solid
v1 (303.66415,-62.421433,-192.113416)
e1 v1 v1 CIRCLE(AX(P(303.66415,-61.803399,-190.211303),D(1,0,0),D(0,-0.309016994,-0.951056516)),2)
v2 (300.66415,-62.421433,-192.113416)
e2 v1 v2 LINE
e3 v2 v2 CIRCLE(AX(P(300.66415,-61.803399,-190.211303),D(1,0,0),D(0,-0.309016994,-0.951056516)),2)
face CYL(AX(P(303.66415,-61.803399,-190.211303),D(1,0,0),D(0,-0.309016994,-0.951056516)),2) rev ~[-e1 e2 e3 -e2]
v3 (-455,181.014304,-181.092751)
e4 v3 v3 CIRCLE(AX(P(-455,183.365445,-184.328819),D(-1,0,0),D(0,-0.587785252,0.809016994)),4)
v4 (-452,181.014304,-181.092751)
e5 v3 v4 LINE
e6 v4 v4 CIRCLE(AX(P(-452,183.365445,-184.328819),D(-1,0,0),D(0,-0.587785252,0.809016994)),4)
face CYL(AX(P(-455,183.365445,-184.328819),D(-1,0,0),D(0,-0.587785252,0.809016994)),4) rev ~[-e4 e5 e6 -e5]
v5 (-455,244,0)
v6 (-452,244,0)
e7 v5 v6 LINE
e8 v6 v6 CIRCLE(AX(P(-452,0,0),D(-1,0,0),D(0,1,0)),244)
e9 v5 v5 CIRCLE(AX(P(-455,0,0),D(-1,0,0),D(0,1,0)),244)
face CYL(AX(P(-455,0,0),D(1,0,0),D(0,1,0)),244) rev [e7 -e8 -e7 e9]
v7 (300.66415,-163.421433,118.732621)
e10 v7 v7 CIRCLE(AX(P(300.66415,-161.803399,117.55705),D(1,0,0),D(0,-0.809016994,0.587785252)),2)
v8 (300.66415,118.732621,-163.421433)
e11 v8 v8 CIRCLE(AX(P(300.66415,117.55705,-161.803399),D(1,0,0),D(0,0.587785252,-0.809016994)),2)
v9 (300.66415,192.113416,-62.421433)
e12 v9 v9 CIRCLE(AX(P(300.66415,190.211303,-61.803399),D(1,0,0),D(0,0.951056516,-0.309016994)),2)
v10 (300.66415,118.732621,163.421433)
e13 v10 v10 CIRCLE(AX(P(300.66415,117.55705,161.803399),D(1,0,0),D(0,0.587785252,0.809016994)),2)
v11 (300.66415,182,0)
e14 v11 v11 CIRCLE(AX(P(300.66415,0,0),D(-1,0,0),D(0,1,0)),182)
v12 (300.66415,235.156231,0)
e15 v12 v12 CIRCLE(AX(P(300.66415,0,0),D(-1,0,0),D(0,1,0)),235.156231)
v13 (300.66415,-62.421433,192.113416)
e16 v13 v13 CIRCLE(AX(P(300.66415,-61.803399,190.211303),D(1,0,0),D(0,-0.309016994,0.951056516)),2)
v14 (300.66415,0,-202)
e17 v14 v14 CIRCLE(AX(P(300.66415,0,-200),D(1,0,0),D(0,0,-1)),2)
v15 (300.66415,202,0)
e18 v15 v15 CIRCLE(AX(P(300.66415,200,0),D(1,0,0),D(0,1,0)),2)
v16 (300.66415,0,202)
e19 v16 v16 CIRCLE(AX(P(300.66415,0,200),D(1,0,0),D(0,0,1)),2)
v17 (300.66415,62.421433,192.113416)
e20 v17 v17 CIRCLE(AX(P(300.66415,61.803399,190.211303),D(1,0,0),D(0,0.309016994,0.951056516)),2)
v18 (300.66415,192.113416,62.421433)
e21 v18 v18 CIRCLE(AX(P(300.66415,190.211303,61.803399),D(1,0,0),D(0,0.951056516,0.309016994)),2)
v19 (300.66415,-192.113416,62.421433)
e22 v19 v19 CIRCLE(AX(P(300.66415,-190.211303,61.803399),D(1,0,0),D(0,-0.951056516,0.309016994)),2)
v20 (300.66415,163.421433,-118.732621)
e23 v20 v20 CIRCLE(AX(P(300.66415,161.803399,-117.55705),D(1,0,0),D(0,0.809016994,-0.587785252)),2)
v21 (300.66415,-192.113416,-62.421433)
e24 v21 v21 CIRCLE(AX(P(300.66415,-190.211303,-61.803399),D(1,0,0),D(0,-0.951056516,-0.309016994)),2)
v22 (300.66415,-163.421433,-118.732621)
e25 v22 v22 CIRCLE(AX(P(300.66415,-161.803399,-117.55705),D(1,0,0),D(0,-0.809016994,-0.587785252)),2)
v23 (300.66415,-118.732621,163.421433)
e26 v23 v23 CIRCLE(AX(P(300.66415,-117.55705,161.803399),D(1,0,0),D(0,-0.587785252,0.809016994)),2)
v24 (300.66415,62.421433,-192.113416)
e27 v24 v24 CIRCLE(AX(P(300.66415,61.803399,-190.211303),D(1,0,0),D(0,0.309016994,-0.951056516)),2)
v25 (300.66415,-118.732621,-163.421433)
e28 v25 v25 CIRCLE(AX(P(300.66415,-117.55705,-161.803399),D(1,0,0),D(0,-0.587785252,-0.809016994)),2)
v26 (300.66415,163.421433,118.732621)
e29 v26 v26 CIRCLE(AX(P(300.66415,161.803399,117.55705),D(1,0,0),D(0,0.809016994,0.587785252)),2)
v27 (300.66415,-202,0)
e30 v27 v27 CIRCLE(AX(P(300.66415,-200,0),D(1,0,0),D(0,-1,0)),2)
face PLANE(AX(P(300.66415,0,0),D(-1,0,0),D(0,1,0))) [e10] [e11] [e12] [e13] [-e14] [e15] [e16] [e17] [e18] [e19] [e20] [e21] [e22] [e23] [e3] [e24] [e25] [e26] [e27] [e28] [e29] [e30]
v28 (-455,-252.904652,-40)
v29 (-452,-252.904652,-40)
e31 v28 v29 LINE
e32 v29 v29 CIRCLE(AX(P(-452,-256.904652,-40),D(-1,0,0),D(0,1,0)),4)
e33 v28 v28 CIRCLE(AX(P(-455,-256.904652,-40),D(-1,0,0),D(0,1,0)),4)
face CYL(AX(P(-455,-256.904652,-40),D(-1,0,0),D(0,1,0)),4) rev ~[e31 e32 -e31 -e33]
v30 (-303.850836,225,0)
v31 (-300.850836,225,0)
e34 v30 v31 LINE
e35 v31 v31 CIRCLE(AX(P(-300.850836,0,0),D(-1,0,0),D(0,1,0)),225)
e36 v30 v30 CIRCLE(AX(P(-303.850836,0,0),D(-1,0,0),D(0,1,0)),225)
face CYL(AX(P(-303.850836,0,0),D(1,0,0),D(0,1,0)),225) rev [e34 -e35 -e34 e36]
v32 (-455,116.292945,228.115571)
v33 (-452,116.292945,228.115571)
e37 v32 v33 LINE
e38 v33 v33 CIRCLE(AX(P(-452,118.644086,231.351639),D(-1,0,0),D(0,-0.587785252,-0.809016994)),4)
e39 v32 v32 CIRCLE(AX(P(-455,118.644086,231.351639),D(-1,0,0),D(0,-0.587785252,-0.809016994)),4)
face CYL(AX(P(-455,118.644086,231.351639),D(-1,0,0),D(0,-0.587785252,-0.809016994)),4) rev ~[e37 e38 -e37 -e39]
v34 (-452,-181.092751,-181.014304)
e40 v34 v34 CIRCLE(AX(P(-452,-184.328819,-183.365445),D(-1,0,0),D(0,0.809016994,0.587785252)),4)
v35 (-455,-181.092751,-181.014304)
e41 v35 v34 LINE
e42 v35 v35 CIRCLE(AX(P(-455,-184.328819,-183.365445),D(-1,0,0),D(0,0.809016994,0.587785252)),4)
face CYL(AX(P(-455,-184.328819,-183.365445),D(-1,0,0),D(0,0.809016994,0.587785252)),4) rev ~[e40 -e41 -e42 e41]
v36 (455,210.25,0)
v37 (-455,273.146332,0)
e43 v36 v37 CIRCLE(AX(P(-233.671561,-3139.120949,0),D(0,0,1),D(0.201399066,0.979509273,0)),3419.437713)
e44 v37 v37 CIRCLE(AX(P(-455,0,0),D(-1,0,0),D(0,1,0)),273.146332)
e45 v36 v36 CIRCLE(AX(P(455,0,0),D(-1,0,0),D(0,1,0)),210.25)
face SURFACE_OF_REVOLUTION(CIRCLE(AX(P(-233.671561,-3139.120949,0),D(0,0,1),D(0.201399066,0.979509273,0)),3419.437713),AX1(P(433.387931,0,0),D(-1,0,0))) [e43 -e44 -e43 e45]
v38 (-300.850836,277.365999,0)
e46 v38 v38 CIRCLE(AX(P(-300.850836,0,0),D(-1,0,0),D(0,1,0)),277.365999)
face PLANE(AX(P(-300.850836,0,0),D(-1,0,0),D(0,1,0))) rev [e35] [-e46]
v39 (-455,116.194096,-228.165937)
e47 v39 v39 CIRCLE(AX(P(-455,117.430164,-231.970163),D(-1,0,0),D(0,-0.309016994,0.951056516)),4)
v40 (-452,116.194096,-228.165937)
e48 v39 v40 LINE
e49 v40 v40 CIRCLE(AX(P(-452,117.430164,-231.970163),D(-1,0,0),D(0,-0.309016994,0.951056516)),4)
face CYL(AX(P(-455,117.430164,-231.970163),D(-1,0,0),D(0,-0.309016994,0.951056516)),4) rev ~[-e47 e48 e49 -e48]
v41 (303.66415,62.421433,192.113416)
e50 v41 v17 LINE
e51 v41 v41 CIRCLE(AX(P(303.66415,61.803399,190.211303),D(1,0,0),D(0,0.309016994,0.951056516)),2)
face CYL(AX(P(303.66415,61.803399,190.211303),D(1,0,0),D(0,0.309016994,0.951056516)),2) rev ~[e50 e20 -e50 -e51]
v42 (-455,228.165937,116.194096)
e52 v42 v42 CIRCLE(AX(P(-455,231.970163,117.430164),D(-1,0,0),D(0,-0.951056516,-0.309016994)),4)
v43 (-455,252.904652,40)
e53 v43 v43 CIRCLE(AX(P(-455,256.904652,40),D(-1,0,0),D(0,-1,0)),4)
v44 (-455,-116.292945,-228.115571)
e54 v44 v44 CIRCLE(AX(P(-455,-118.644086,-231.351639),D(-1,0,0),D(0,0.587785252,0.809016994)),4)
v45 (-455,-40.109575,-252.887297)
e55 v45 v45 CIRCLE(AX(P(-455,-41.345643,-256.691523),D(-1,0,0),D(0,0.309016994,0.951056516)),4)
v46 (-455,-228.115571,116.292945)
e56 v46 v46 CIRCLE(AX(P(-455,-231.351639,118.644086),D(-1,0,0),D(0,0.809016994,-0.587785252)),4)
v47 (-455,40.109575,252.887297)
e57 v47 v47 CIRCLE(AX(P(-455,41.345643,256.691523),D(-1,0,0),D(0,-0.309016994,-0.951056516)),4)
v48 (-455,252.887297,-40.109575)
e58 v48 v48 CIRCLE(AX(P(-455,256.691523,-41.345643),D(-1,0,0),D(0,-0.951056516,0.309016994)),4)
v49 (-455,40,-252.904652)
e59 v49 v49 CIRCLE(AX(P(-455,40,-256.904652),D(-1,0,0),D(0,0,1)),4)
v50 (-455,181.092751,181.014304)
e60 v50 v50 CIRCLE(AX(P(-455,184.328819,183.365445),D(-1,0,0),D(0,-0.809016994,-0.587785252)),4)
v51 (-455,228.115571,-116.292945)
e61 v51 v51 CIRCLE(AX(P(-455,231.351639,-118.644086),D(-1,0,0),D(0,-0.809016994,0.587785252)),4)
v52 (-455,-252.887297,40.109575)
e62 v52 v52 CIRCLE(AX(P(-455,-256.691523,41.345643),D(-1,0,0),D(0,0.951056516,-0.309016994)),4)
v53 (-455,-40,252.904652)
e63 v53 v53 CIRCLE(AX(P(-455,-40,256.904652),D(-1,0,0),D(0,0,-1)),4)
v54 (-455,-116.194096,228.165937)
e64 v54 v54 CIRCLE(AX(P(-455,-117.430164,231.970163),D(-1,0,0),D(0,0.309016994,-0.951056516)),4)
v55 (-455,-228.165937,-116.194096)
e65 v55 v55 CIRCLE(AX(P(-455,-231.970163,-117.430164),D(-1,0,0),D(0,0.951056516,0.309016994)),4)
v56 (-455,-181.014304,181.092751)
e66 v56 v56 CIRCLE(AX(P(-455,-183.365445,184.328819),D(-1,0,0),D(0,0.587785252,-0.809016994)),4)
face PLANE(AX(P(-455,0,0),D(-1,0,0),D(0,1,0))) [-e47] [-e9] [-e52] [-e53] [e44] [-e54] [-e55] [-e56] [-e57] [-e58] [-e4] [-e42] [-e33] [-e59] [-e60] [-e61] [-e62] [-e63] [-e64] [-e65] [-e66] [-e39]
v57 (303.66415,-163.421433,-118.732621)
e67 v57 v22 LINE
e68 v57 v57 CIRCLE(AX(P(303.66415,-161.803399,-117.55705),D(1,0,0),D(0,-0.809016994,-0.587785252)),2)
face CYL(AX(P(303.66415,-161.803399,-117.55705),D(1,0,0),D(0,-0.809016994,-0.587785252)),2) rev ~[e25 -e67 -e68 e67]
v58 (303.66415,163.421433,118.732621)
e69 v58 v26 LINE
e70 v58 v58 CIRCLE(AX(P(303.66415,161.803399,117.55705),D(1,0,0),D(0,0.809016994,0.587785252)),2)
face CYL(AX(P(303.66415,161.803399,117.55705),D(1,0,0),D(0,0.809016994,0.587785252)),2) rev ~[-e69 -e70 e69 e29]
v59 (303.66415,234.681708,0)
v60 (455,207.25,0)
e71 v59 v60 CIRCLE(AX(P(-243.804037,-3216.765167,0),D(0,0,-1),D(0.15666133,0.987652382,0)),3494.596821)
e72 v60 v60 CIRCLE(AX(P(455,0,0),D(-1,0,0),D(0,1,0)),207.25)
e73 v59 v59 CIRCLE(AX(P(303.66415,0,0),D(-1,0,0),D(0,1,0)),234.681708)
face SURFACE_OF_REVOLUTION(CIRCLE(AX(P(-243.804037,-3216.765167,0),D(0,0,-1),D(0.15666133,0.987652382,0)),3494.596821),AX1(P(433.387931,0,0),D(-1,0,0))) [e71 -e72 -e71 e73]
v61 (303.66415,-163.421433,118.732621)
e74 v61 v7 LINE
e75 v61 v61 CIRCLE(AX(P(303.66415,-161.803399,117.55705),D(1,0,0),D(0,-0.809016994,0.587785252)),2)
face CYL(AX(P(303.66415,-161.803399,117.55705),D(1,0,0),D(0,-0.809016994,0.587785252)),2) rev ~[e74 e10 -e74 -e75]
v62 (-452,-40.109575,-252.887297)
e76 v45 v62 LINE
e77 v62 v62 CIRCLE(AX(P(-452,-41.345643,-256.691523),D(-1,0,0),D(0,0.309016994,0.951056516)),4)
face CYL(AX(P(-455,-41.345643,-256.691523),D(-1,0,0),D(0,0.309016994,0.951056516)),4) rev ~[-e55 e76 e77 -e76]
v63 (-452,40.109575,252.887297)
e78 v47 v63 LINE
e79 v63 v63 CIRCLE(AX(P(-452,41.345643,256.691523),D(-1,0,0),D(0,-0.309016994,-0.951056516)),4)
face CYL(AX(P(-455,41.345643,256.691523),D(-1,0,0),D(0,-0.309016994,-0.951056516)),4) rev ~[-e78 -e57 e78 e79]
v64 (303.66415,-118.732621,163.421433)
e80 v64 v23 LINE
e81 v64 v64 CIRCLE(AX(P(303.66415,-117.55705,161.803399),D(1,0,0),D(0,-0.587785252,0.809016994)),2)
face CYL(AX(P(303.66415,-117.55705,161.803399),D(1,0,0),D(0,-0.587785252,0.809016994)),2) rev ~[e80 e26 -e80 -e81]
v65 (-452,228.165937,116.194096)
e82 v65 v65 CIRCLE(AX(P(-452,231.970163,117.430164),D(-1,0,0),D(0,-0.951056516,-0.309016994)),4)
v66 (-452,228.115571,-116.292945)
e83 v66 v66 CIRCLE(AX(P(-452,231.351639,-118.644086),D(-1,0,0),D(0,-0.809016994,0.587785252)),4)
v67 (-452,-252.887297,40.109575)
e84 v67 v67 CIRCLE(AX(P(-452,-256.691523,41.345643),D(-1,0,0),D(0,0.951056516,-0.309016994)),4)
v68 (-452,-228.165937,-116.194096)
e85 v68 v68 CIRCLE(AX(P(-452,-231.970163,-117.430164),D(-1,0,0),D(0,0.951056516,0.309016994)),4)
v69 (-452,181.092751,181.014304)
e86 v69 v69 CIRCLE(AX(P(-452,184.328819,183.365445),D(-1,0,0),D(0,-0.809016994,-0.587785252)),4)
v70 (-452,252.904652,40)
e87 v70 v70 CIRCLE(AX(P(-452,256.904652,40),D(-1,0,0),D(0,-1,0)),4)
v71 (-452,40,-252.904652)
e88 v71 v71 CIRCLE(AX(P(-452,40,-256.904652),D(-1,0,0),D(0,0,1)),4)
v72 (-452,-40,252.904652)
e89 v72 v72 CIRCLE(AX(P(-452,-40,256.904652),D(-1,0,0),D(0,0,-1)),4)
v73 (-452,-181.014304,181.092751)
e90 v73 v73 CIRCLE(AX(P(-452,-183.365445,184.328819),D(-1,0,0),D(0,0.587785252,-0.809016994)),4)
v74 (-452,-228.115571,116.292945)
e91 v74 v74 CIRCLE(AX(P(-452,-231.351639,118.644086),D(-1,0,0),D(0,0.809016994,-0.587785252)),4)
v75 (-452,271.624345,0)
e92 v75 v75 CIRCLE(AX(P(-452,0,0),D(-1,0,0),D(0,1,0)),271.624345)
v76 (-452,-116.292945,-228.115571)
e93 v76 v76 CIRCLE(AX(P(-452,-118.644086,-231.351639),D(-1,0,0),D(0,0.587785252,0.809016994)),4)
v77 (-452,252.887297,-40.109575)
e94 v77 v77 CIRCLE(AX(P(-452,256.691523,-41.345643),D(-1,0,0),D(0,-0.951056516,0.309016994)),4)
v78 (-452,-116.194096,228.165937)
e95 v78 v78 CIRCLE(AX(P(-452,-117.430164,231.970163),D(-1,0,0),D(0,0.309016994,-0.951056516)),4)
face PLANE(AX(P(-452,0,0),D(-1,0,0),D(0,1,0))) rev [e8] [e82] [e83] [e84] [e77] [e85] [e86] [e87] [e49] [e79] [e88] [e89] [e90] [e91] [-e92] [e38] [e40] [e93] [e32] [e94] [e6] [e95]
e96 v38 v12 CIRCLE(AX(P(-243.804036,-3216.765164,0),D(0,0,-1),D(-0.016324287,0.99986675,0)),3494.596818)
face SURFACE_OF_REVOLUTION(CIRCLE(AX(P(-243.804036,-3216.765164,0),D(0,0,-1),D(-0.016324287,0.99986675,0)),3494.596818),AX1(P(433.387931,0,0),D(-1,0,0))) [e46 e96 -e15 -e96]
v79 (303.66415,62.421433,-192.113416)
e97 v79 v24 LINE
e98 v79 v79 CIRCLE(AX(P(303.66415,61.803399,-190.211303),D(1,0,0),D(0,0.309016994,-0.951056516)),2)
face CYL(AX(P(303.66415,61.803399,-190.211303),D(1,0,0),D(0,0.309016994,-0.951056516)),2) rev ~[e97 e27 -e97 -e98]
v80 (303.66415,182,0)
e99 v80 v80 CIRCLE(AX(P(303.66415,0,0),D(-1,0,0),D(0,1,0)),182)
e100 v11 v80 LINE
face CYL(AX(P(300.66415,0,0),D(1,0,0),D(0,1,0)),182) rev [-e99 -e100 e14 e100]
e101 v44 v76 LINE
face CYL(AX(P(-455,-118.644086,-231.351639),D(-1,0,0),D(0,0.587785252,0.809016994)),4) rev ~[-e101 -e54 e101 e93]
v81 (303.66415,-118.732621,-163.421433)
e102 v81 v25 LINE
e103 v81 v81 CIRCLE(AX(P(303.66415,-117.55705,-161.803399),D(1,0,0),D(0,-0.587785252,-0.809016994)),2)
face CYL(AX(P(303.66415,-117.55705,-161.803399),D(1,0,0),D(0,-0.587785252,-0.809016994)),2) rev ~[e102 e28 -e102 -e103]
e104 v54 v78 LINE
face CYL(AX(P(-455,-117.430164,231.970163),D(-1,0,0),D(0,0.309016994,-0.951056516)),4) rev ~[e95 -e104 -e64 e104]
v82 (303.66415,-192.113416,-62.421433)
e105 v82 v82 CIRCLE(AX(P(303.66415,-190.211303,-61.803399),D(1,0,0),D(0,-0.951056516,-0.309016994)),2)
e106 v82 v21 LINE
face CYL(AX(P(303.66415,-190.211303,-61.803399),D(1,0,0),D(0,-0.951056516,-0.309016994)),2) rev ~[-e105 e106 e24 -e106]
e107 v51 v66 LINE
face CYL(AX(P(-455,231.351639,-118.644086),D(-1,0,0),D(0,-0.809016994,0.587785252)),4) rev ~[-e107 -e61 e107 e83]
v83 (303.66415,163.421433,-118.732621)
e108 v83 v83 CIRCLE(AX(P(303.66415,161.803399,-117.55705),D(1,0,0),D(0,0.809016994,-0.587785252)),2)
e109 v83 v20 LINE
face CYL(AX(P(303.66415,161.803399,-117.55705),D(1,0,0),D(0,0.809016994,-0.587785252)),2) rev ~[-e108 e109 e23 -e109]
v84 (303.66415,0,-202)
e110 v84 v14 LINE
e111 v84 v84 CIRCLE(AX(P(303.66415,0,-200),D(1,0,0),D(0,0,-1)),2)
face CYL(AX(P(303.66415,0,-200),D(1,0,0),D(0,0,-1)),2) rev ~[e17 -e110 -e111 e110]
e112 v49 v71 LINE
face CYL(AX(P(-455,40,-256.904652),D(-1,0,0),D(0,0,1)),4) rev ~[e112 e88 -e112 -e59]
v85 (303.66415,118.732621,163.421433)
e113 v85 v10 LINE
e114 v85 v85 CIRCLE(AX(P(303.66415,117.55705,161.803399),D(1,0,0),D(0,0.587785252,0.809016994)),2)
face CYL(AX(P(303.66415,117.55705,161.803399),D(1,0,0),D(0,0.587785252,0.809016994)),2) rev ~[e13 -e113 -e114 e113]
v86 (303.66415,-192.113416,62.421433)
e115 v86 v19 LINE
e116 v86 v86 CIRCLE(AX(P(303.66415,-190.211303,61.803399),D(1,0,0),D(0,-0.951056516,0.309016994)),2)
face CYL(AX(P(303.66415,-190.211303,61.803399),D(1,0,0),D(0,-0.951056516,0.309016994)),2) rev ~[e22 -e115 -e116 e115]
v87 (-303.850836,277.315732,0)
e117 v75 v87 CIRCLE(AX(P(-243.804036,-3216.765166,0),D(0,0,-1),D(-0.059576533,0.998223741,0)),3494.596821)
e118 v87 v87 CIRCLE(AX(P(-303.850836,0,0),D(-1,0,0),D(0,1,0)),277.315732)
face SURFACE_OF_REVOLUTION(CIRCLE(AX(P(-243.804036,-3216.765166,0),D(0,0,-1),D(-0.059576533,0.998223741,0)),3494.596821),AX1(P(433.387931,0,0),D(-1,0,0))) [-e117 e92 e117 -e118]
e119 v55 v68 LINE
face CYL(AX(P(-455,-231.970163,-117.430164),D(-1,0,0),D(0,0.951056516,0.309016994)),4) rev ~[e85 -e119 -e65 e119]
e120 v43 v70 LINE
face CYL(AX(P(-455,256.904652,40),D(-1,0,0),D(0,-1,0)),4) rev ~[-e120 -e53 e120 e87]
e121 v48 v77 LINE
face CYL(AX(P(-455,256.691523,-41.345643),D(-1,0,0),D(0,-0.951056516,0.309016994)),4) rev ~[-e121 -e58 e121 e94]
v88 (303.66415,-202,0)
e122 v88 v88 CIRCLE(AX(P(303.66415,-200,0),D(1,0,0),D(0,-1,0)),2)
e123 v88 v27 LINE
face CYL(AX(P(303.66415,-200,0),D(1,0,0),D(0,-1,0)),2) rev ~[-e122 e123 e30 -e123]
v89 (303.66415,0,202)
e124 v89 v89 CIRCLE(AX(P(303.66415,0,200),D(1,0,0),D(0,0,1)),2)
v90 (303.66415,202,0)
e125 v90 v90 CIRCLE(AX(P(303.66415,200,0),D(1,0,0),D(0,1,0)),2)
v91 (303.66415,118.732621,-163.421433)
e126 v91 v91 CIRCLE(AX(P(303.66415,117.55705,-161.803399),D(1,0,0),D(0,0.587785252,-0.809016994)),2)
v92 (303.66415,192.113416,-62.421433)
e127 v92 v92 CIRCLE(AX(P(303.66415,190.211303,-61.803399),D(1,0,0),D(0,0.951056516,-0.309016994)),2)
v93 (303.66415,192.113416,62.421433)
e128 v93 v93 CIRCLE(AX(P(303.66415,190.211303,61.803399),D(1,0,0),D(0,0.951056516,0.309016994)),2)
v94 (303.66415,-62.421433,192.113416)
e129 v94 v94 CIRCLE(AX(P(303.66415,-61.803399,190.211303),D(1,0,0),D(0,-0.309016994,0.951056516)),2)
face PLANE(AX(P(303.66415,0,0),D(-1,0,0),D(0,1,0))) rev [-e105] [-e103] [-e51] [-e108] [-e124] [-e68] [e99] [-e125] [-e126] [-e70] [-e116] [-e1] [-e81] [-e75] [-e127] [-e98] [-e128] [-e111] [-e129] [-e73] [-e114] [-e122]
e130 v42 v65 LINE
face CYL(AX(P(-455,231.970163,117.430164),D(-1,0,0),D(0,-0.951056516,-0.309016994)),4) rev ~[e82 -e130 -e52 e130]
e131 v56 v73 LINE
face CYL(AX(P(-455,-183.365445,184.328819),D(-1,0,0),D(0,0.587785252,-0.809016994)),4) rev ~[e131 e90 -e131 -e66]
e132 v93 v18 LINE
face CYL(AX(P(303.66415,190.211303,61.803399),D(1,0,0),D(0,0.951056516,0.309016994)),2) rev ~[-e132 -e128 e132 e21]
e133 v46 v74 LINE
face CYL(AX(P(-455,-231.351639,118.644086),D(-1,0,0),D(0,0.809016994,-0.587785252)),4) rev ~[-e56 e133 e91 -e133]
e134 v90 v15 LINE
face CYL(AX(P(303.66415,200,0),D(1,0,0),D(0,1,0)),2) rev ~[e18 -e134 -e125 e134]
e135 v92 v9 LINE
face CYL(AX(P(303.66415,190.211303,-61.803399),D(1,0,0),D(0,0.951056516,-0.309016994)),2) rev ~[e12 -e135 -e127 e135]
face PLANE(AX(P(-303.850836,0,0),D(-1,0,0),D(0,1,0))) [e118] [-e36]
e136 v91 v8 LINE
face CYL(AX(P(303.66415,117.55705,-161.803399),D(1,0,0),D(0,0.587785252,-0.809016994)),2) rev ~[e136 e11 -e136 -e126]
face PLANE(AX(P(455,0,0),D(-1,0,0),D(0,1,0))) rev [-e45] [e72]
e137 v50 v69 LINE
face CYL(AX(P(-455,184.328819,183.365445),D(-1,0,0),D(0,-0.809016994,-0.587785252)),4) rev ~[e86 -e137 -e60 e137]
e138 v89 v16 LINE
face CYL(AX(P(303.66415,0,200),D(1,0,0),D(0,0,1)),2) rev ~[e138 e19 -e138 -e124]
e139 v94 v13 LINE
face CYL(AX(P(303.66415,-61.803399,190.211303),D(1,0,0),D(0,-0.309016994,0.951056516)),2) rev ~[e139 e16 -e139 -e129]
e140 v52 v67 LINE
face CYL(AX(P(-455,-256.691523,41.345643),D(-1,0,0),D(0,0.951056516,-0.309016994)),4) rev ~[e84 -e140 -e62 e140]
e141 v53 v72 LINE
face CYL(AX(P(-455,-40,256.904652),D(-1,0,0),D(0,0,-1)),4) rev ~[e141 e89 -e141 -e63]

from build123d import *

# Parameters (mm, degrees)
SKETCH3_R          = 4
CUT_EXTRUDE1_DEPTH = 10
SKETCH4_R          = 2
CUT_EXTRUDE2_DEPTH = 10
CIRPATTERN1_COUNT  = 20


with BuildPart() as part:
    # Sketch1 → Revolve1 (revolve)
    with BuildSketch(Plane.XY):
        with BuildLine():
            Line((-452, 244), (-452, 271.624344795))
            ThreePointArc((-452, 271.624344795), (-377.95560373, 275.255781146), (-303.850836324, 277.315731773))
            Line((-303.850836324, 277.315731773), (-303.850836324, 225))
            Line((-303.850836324, 225), (-300.850836324, 225))
            Line((-300.850836324, 225), (-300.850836324, 277.365999394))
            ThreePointArc((-300.850836324, 277.365999394), (0.818771678, 269.259306116), (300.664150406, 235.156231124))
            Line((300.664150406, 235.156231124), (300.664150406, 182))
            Line((300.664150406, 182), (303.664150406, 182))
            Line((303.664150406, 182), (303.664150406, 234.68170782))
            ThreePointArc((303.664150406, 234.68170782), (379.483006809, 221.798516716), (455, 207.25))
            Line((455, 207.25), (455, 210.25))
            ThreePointArc((455, 210.25), (2.106694049, 272.178347011), (-455, 273.146331596))
            Line((-455, 273.146331596), (-455, 244))
            Line((-455, 244), (-452, 244))
        make_face()
    revolve(axis=Axis((433.387930782, 0, 0), (-1, 0, 0)))

    # Sketch3 → Cut-Extrude1 (cut)
    with BuildSketch(Plane.ZY.offset(455)):
        with Locations(Location((40, 256.904651573, 0), (0, 0, 270))):
            Circle(SKETCH3_R)
    cut_extrude1 = extrude(amount=-CUT_EXTRUDE1_DEPTH, mode=Mode.SUBTRACT)

    # Sketch4 → Cut-Extrude2 (cut)
    with BuildSketch(Plane(origin=(303.664150406, 0, 0), x_dir=(0, 0, -1), z_dir=(1, 0, 0))):
        with Locations(Location((0, 200, 0), (0, 0, 90))):
            Circle(SKETCH4_R)
    cut_extrude2 = extrude(amount=-CUT_EXTRUDE2_DEPTH, mode=Mode.SUBTRACT)

    # CirPattern1: Cut-Extrude1, Cut-Extrude2 ×20 about axis
    cirpattern1_axis = Axis((0, 0, 0), (1, 0, 0))
    add([cut_extrude1.rotate(cirpattern1_axis, i * 360 / CIRPATTERN1_COUNT) for i in range(1, CIRPATTERN1_COUNT)], mode=Mode.SUBTRACT)
    add([cut_extrude2.rotate(cirpattern1_axis, i * 360 / CIRPATTERN1_COUNT) for i in range(1, CIRPATTERN1_COUNT)], mode=Mode.SUBTRACT)


solid = part.part
